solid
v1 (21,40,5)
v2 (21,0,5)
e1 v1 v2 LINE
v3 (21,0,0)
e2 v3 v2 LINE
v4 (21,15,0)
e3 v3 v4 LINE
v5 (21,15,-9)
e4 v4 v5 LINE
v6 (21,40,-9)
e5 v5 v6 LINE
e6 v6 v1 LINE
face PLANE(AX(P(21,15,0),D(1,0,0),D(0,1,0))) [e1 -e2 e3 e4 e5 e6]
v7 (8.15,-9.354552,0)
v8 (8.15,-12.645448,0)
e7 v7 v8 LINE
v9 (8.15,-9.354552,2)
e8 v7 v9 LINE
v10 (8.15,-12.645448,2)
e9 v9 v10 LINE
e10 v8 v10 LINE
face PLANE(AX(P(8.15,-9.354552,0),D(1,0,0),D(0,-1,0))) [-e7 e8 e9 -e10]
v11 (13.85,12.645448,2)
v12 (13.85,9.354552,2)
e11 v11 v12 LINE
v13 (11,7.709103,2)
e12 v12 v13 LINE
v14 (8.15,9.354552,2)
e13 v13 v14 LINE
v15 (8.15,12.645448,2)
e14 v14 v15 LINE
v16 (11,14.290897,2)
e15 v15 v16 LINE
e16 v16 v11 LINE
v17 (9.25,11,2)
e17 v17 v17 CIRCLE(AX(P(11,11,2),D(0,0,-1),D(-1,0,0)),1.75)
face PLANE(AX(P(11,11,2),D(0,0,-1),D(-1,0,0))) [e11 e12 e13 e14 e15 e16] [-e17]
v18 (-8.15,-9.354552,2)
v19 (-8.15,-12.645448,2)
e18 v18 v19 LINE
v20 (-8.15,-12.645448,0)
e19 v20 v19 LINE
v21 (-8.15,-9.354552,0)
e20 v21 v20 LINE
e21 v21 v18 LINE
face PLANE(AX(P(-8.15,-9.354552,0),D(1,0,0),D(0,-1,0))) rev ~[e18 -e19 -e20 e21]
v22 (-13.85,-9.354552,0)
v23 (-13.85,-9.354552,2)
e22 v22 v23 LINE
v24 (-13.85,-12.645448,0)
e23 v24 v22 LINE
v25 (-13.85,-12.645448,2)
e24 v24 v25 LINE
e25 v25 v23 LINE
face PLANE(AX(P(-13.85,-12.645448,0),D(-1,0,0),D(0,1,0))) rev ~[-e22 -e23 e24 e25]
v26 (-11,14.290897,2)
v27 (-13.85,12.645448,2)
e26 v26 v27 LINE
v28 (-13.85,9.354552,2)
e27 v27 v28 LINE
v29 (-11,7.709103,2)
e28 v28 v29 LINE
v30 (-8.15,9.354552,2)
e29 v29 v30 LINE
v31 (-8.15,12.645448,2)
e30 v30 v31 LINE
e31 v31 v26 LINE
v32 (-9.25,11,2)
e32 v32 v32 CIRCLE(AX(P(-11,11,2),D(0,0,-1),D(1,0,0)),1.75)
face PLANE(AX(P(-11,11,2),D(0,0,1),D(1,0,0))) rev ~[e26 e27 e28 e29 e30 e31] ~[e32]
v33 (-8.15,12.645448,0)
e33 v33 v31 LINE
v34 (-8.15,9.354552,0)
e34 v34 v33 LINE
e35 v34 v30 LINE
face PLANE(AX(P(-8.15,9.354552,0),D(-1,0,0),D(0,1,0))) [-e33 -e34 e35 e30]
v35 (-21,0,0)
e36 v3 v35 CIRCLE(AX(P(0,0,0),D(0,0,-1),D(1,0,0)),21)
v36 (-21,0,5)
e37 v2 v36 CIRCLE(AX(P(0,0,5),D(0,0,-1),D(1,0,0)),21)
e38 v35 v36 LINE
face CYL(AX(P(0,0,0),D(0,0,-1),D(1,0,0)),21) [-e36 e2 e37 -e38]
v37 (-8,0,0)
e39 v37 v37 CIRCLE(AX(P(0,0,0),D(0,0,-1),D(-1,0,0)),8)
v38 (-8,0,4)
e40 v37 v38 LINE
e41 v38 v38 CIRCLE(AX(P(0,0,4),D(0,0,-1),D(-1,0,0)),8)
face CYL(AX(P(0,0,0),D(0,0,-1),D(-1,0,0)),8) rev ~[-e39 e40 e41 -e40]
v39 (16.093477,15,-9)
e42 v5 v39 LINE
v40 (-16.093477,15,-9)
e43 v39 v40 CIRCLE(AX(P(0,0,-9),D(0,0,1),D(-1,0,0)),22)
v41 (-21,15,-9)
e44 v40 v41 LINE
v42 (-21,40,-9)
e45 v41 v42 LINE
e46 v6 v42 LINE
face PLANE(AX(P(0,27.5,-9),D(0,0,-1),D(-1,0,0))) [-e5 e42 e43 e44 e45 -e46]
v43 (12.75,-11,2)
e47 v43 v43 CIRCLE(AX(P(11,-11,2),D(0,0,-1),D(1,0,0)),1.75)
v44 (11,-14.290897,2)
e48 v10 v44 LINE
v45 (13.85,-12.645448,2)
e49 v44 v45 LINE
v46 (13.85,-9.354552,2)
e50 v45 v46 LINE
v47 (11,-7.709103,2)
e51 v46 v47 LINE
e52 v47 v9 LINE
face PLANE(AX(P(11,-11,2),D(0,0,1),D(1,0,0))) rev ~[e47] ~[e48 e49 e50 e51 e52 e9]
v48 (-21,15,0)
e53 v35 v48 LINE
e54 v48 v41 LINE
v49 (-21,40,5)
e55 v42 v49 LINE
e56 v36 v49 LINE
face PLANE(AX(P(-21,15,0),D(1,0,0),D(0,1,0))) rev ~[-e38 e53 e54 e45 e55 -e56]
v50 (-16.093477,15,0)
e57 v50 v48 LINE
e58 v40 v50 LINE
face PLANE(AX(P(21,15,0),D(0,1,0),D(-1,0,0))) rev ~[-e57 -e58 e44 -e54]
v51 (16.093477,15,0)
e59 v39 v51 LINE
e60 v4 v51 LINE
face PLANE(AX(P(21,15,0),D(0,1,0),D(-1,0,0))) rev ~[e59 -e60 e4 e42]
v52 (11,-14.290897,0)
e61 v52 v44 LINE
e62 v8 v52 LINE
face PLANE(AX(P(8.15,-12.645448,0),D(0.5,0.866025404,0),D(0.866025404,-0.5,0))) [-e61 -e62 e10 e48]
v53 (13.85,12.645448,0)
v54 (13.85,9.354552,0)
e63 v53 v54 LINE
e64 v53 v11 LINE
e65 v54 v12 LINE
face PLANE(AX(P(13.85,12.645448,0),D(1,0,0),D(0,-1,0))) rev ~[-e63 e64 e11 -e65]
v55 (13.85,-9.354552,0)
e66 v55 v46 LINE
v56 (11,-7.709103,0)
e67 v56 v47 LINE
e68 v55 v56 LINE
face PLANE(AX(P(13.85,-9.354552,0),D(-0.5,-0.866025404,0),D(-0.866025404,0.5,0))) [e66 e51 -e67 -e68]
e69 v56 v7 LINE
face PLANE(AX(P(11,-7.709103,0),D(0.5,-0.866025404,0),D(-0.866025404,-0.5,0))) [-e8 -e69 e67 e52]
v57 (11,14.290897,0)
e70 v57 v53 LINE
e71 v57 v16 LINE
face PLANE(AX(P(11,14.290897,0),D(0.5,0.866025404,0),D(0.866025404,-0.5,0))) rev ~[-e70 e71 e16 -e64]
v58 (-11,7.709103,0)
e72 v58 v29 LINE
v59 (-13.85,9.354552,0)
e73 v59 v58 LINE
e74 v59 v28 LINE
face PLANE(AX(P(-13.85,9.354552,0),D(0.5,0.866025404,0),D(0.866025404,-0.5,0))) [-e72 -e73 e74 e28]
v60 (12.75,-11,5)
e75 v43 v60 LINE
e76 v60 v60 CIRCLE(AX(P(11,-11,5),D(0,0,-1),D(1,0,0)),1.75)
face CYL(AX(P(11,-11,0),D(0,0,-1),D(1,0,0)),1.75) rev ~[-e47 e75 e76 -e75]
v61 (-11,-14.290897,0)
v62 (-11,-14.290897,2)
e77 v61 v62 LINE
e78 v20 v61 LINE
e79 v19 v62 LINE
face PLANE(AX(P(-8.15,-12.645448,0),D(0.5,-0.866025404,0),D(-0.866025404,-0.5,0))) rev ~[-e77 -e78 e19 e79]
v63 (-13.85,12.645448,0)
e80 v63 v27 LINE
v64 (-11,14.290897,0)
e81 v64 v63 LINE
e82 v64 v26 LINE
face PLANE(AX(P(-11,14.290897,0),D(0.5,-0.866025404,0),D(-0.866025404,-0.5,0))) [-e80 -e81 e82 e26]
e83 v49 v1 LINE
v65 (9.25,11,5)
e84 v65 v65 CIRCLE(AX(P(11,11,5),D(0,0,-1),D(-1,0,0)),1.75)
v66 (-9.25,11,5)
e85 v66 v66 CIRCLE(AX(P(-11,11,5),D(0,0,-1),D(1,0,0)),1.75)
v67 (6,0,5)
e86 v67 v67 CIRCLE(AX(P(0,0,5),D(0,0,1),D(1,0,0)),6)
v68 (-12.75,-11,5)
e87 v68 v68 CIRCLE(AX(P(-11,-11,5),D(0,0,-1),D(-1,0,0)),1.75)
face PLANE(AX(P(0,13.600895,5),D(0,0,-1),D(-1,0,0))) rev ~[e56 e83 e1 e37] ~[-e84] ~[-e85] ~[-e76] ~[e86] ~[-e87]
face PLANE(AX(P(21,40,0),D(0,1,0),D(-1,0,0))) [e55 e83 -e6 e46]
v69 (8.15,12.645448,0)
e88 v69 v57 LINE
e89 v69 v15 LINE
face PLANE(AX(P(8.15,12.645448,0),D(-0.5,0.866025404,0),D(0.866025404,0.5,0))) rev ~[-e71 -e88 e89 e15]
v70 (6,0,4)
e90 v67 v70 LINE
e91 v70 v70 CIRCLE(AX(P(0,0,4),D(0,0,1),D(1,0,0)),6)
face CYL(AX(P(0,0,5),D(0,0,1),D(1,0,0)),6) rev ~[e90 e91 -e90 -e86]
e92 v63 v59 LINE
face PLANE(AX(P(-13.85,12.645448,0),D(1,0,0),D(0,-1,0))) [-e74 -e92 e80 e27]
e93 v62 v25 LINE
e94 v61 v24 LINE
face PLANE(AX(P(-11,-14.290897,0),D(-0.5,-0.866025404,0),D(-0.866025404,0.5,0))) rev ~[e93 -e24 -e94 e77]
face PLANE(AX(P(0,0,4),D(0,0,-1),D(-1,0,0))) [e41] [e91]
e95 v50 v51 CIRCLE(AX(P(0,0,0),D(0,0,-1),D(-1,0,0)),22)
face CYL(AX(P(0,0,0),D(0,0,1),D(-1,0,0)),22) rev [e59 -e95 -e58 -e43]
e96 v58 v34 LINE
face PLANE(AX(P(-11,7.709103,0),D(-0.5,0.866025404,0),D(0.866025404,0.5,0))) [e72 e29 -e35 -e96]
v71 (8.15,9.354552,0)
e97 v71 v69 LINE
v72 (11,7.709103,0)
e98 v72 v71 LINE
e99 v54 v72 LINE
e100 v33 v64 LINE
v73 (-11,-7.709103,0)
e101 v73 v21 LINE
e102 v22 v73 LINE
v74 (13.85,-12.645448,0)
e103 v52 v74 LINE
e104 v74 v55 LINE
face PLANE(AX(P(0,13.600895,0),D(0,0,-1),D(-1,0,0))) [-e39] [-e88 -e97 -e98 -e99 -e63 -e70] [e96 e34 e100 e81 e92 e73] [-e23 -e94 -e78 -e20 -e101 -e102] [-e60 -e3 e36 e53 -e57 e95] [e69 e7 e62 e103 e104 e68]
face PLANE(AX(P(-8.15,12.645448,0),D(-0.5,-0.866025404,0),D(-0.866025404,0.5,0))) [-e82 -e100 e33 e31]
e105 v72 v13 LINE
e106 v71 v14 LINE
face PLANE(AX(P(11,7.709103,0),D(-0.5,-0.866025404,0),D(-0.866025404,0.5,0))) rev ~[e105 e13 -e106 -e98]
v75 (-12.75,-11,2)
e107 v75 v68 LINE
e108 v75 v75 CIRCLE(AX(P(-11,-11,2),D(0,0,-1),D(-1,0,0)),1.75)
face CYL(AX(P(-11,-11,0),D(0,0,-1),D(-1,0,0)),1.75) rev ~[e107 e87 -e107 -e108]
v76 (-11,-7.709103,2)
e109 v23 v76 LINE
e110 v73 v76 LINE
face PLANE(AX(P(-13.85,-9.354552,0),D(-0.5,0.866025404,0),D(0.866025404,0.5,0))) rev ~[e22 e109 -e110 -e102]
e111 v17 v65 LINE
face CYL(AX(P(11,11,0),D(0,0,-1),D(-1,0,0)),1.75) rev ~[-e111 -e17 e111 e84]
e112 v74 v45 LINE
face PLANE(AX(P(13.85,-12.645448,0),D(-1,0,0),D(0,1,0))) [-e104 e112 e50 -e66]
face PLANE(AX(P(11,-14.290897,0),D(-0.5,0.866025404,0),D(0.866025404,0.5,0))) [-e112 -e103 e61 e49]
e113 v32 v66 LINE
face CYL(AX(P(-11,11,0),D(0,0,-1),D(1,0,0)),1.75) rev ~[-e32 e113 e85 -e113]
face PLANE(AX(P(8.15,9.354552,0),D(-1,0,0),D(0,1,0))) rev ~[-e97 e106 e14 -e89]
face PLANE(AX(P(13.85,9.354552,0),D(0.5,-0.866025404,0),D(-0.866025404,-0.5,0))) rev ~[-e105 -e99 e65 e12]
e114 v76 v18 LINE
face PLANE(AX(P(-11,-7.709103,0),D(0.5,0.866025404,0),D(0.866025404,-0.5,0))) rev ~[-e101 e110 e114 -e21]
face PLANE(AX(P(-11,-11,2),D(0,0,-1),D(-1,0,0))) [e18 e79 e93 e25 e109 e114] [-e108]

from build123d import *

# Parameters (mm, degrees)
BOSS_EXTRUDE1_DEPTH = 5
SKETCH2_R           = 6
CUT_EXTRUDE1_DEPTH  = 46.453272709
SKETCH3_R           = 8
CUT_EXTRUDE2_DEPTH  = 4
SKETCH4_R           = 1.75
CUT_EXTRUDE3_DEPTH  = 46.453272709
CUT_EXTRUDE4_DEPTH  = 2
SKETCH6_W           = 42
SKETCH6_H           = 25
BOSS_EXTRUDE2_DEPTH = 9
SKETCH7_R           = 22
CUT_EXTRUDE5_DEPTH  = 47.065171225


with BuildPart() as part:
    # Sketch1 → Boss-Extrude1 (new body)
    with BuildSketch(Plane.XY):
        with BuildLine():
            Line((-21, 40), (21, 40))
            Line((21, 40), (21, 0))
            ThreePointArc((21, 0), (0, -21), (-21, 0))
            Line((-21, 0), (-21, 40))
        make_face()
    extrude(amount=BOSS_EXTRUDE1_DEPTH)

    # Sketch2 → Cut-Extrude1 (cut, through all)
    with BuildSketch(Plane.XY.offset(5)):
        Circle(SKETCH2_R)
    extrude(amount=-CUT_EXTRUDE1_DEPTH, mode=Mode.SUBTRACT)

    # Sketch3 → Cut-Extrude2 (cut)
    with BuildSketch(Plane(origin=(0, 0, 0), x_dir=(-1, 0, 0), z_dir=(0, 0, -1))):
        Circle(SKETCH3_R)
    extrude(amount=-CUT_EXTRUDE2_DEPTH, mode=Mode.SUBTRACT)

    # Sketch4 → Cut-Extrude3 (cut, through all)
    with BuildSketch(Plane(origin=(0, 0, 0), x_dir=(-1, 0, 0), z_dir=(0, 0, -1))):
        with Locations((-11, 11)):
            Circle(SKETCH4_R)
        with Locations(Location((-11, -11, 0), (0, 0, 180))):
            Circle(SKETCH4_R)
        with Locations((11, -11)):
            Circle(SKETCH4_R)
        with Locations(Location((11, 11, 0), (0, 0, 180))):
            Circle(SKETCH4_R)
    extrude(amount=-CUT_EXTRUDE3_DEPTH, mode=Mode.SUBTRACT)

    # Sketch5 → Cut-Extrude4 (cut)
    with BuildSketch(Plane(origin=(0, 0, 0), x_dir=(-1, 0, 0), z_dir=(0, 0, -1))):
        Polygon((-11, 14.290896534), (-13.85, 12.645448267), (-13.85, 9.354551733), (-11, 7.709103466), (-8.15, 9.354551733), (-8.15, 12.645448267), align=None)
        Polygon((-8.15, -12.645448267), (-11, -14.290896534), (-13.85, -12.645448267), (-13.85, -9.354551733), (-11, -7.709103466), (-8.15, -9.354551733), align=None)
        Polygon((11, -14.290896534), (13.85, -12.645448267), (13.85, -9.354551733), (11, -7.709103466), (8.15, -9.354551733), (8.15, -12.645448267), align=None)
        Polygon((8.15, 12.645448267), (11, 14.290896534), (13.85, 12.645448267), (13.85, 9.354551733), (11, 7.709103466), (8.15, 9.354551733), align=None)
    extrude(amount=-CUT_EXTRUDE4_DEPTH, mode=Mode.SUBTRACT)

    # Sketch6 → Boss-Extrude2 (add)
    with BuildSketch(Plane(origin=(0, 0, 0), x_dir=(-1, 0, 0), z_dir=(0, 0, -1))):
        with Locations((0, 27.5)):
            Rectangle(SKETCH6_W, SKETCH6_H)
    extrude(amount=BOSS_EXTRUDE2_DEPTH)

    # Sketch7 → Cut-Extrude5 (cut, through all)
    with BuildSketch(Plane(origin=(0, 0, 0), x_dir=(-1, 0, 0), z_dir=(0, 0, -1))):
        Circle(SKETCH7_R)
    extrude(amount=CUT_EXTRUDE5_DEPTH, mode=Mode.SUBTRACT)


solid = part.part
